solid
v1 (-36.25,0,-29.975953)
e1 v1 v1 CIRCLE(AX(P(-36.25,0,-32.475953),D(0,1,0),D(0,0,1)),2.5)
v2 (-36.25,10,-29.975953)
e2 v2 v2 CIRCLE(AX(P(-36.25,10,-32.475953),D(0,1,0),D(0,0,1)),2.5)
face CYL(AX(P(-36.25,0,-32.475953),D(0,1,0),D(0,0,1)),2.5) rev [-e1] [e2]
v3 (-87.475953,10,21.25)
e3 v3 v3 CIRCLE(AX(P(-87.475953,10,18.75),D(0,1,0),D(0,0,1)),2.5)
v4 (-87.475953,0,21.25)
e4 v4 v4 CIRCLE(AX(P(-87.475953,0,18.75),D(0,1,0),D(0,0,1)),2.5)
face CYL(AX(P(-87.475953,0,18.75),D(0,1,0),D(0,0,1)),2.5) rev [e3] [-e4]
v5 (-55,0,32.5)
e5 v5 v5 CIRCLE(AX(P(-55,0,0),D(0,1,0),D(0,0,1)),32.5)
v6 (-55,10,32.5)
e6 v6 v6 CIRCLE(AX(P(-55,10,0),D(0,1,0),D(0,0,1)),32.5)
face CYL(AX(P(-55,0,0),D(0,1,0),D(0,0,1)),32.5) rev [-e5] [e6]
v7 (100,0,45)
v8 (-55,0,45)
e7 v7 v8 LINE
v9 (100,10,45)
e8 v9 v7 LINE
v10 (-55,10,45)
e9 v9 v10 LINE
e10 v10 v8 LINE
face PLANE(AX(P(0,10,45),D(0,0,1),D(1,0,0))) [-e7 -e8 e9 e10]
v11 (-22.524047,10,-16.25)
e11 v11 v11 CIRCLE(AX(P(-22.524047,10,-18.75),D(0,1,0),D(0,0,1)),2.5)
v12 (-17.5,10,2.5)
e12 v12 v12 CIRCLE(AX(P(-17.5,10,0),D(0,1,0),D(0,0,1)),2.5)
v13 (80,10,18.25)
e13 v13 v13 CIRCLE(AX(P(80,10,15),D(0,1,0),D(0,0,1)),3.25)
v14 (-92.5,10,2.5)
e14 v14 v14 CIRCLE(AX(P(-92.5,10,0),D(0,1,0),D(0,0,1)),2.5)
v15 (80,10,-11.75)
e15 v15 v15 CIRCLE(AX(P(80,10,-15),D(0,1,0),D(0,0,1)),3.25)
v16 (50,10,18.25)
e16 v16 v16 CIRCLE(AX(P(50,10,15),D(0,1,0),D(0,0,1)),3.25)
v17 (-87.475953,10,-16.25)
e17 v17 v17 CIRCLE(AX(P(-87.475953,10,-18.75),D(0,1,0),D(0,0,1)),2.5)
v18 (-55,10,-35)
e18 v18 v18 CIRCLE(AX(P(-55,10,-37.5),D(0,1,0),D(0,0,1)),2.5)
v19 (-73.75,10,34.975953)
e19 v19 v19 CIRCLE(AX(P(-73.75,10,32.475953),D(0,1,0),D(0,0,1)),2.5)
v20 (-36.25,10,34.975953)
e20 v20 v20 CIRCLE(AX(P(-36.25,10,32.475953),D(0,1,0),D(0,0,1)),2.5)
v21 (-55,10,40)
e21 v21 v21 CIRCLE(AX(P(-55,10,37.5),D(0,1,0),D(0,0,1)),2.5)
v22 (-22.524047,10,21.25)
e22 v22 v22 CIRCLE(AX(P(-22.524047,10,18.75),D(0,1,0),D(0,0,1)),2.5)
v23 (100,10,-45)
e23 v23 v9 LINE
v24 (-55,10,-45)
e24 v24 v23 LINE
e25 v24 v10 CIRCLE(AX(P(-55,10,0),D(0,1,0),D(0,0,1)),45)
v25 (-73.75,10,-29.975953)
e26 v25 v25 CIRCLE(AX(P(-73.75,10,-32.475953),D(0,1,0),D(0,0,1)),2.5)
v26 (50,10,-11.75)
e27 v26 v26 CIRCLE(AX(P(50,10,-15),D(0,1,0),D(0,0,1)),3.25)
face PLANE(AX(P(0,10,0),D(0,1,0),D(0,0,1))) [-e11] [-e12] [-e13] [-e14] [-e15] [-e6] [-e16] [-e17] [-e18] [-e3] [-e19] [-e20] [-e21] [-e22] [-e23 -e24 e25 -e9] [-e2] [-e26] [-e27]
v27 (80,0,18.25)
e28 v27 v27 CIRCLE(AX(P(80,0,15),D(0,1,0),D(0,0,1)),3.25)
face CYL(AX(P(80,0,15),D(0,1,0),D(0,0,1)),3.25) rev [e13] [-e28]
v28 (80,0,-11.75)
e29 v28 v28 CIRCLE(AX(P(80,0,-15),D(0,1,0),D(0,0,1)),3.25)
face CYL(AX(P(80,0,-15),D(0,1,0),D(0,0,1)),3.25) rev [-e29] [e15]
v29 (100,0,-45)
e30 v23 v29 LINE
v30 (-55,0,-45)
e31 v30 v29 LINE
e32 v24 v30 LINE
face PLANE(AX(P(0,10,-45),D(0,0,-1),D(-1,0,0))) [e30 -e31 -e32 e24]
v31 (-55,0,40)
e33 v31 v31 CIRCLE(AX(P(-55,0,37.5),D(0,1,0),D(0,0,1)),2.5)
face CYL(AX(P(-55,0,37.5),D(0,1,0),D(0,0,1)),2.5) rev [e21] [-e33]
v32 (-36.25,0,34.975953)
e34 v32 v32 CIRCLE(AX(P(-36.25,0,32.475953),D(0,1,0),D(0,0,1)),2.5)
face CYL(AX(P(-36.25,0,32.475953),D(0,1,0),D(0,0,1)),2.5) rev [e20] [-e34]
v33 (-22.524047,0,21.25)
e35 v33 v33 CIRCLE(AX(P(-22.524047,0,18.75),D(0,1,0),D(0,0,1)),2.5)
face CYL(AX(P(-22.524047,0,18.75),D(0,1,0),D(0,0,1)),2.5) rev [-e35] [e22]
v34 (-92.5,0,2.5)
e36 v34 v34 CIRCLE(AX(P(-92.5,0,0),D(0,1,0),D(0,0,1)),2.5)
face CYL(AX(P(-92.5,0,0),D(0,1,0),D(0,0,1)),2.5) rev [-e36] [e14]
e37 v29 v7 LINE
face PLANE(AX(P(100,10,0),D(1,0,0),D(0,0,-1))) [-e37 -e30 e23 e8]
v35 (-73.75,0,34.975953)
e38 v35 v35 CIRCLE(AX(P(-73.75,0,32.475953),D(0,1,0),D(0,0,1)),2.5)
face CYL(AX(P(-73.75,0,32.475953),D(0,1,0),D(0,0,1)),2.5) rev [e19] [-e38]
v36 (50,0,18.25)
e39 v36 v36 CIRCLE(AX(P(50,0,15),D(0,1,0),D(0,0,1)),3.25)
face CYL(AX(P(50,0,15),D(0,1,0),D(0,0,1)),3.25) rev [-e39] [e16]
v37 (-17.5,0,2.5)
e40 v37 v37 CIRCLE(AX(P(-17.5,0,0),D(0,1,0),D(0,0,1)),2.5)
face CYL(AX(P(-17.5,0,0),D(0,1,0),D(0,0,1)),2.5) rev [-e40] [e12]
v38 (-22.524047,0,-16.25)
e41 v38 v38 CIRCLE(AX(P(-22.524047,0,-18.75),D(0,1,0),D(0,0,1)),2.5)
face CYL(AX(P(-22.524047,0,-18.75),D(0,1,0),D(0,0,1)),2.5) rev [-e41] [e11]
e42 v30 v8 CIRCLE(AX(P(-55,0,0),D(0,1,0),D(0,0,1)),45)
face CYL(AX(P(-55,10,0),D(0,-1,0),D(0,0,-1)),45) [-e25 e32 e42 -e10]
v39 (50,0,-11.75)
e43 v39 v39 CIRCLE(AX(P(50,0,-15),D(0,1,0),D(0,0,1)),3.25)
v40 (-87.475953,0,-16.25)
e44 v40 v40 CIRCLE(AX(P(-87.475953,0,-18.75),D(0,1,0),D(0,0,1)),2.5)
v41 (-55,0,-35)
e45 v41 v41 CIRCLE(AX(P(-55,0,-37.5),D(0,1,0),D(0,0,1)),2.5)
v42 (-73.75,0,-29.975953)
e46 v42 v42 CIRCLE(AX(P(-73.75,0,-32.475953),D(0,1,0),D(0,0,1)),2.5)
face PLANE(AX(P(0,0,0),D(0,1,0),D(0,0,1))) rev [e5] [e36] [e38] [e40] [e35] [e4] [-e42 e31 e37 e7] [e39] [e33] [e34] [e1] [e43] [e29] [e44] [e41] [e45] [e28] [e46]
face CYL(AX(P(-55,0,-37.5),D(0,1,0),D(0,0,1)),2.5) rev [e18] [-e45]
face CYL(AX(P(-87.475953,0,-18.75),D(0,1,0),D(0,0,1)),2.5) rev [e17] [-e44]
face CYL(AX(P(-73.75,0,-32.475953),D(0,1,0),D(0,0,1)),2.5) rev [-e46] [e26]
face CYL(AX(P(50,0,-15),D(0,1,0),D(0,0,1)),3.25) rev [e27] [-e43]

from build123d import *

# Parameters (mm, degrees)
BOSS_EXTRUDE1_DEPTH = 10
SKETCH2_R           = 2.5
SKETCH2_R_2         = 32.5
CUT_EXTRUDE1_DEPTH  = 11
SKETCH3_R           = 3.25
CUT_EXTRUDE2_DEPTH  = 11


with BuildPart() as part:
    # Sketch1 → Boss-Extrude1 (new body)
    with BuildSketch(Plane(origin=(0, 0, 0), x_dir=(1, 0, 0), z_dir=(0, 1, 0))):
        with BuildLine():
            Line((100, 45), (-55, 45))
            ThreePointArc((-55, 45), (-100, 0), (-55, -45))
            Line((-55, -45), (100, -45))
            Line((100, -45), (100, 45))
        make_face()
    extrude(amount=BOSS_EXTRUDE1_DEPTH)

    # Sketch2 → Cut-Extrude1 (cut, through all)
    with BuildSketch(Plane(origin=(0, 10, 0), x_dir=(1, 0, 0), z_dir=(0, 1, 0))):
        with Locations((-92.5, 0)):
            Circle(SKETCH2_R)
        with Locations((-87.475952642, 18.75)):
            Circle(SKETCH2_R)
        with Locations((-73.75, 32.475952642)):
            Circle(SKETCH2_R)
        with Locations((-55, 0)):
            Circle(SKETCH2_R_2)
        with Locations((-55, 37.5)):
            Circle(SKETCH2_R)
        with Locations((-36.25, 32.475952642)):
            Circle(SKETCH2_R)
        with Locations((-22.524047358, 18.75)):
            Circle(SKETCH2_R)
        with Locations((-17.5, 0)):
            Circle(SKETCH2_R)
        with Locations((-22.524047358, -18.75)):
            Circle(SKETCH2_R)
        with Locations((-36.25, -32.475952642)):
            Circle(SKETCH2_R)
        with Locations((-55, -37.5)):
            Circle(SKETCH2_R)
        with Locations((-73.75, -32.475952642)):
            Circle(SKETCH2_R)
        with Locations((-87.475952642, -18.75)):
            Circle(SKETCH2_R)
    extrude(amount=-CUT_EXTRUDE1_DEPTH, mode=Mode.SUBTRACT)

    # Sketch3 → Cut-Extrude2 (cut, through all)
    with BuildSketch(Plane(origin=(0, 10, 0), x_dir=(1, 0, 0), z_dir=(0, 1, 0))):
        with Locations((80, 15)):
            Circle(SKETCH3_R)
        with Locations((50, 15)):
            Circle(SKETCH3_R)
        with Locations((50, -15)):
            Circle(SKETCH3_R)
        with Locations((80, -15)):
            Circle(SKETCH3_R)
    extrude(amount=-CUT_EXTRUDE2_DEPTH, mode=Mode.SUBTRACT)


solid = part.part
